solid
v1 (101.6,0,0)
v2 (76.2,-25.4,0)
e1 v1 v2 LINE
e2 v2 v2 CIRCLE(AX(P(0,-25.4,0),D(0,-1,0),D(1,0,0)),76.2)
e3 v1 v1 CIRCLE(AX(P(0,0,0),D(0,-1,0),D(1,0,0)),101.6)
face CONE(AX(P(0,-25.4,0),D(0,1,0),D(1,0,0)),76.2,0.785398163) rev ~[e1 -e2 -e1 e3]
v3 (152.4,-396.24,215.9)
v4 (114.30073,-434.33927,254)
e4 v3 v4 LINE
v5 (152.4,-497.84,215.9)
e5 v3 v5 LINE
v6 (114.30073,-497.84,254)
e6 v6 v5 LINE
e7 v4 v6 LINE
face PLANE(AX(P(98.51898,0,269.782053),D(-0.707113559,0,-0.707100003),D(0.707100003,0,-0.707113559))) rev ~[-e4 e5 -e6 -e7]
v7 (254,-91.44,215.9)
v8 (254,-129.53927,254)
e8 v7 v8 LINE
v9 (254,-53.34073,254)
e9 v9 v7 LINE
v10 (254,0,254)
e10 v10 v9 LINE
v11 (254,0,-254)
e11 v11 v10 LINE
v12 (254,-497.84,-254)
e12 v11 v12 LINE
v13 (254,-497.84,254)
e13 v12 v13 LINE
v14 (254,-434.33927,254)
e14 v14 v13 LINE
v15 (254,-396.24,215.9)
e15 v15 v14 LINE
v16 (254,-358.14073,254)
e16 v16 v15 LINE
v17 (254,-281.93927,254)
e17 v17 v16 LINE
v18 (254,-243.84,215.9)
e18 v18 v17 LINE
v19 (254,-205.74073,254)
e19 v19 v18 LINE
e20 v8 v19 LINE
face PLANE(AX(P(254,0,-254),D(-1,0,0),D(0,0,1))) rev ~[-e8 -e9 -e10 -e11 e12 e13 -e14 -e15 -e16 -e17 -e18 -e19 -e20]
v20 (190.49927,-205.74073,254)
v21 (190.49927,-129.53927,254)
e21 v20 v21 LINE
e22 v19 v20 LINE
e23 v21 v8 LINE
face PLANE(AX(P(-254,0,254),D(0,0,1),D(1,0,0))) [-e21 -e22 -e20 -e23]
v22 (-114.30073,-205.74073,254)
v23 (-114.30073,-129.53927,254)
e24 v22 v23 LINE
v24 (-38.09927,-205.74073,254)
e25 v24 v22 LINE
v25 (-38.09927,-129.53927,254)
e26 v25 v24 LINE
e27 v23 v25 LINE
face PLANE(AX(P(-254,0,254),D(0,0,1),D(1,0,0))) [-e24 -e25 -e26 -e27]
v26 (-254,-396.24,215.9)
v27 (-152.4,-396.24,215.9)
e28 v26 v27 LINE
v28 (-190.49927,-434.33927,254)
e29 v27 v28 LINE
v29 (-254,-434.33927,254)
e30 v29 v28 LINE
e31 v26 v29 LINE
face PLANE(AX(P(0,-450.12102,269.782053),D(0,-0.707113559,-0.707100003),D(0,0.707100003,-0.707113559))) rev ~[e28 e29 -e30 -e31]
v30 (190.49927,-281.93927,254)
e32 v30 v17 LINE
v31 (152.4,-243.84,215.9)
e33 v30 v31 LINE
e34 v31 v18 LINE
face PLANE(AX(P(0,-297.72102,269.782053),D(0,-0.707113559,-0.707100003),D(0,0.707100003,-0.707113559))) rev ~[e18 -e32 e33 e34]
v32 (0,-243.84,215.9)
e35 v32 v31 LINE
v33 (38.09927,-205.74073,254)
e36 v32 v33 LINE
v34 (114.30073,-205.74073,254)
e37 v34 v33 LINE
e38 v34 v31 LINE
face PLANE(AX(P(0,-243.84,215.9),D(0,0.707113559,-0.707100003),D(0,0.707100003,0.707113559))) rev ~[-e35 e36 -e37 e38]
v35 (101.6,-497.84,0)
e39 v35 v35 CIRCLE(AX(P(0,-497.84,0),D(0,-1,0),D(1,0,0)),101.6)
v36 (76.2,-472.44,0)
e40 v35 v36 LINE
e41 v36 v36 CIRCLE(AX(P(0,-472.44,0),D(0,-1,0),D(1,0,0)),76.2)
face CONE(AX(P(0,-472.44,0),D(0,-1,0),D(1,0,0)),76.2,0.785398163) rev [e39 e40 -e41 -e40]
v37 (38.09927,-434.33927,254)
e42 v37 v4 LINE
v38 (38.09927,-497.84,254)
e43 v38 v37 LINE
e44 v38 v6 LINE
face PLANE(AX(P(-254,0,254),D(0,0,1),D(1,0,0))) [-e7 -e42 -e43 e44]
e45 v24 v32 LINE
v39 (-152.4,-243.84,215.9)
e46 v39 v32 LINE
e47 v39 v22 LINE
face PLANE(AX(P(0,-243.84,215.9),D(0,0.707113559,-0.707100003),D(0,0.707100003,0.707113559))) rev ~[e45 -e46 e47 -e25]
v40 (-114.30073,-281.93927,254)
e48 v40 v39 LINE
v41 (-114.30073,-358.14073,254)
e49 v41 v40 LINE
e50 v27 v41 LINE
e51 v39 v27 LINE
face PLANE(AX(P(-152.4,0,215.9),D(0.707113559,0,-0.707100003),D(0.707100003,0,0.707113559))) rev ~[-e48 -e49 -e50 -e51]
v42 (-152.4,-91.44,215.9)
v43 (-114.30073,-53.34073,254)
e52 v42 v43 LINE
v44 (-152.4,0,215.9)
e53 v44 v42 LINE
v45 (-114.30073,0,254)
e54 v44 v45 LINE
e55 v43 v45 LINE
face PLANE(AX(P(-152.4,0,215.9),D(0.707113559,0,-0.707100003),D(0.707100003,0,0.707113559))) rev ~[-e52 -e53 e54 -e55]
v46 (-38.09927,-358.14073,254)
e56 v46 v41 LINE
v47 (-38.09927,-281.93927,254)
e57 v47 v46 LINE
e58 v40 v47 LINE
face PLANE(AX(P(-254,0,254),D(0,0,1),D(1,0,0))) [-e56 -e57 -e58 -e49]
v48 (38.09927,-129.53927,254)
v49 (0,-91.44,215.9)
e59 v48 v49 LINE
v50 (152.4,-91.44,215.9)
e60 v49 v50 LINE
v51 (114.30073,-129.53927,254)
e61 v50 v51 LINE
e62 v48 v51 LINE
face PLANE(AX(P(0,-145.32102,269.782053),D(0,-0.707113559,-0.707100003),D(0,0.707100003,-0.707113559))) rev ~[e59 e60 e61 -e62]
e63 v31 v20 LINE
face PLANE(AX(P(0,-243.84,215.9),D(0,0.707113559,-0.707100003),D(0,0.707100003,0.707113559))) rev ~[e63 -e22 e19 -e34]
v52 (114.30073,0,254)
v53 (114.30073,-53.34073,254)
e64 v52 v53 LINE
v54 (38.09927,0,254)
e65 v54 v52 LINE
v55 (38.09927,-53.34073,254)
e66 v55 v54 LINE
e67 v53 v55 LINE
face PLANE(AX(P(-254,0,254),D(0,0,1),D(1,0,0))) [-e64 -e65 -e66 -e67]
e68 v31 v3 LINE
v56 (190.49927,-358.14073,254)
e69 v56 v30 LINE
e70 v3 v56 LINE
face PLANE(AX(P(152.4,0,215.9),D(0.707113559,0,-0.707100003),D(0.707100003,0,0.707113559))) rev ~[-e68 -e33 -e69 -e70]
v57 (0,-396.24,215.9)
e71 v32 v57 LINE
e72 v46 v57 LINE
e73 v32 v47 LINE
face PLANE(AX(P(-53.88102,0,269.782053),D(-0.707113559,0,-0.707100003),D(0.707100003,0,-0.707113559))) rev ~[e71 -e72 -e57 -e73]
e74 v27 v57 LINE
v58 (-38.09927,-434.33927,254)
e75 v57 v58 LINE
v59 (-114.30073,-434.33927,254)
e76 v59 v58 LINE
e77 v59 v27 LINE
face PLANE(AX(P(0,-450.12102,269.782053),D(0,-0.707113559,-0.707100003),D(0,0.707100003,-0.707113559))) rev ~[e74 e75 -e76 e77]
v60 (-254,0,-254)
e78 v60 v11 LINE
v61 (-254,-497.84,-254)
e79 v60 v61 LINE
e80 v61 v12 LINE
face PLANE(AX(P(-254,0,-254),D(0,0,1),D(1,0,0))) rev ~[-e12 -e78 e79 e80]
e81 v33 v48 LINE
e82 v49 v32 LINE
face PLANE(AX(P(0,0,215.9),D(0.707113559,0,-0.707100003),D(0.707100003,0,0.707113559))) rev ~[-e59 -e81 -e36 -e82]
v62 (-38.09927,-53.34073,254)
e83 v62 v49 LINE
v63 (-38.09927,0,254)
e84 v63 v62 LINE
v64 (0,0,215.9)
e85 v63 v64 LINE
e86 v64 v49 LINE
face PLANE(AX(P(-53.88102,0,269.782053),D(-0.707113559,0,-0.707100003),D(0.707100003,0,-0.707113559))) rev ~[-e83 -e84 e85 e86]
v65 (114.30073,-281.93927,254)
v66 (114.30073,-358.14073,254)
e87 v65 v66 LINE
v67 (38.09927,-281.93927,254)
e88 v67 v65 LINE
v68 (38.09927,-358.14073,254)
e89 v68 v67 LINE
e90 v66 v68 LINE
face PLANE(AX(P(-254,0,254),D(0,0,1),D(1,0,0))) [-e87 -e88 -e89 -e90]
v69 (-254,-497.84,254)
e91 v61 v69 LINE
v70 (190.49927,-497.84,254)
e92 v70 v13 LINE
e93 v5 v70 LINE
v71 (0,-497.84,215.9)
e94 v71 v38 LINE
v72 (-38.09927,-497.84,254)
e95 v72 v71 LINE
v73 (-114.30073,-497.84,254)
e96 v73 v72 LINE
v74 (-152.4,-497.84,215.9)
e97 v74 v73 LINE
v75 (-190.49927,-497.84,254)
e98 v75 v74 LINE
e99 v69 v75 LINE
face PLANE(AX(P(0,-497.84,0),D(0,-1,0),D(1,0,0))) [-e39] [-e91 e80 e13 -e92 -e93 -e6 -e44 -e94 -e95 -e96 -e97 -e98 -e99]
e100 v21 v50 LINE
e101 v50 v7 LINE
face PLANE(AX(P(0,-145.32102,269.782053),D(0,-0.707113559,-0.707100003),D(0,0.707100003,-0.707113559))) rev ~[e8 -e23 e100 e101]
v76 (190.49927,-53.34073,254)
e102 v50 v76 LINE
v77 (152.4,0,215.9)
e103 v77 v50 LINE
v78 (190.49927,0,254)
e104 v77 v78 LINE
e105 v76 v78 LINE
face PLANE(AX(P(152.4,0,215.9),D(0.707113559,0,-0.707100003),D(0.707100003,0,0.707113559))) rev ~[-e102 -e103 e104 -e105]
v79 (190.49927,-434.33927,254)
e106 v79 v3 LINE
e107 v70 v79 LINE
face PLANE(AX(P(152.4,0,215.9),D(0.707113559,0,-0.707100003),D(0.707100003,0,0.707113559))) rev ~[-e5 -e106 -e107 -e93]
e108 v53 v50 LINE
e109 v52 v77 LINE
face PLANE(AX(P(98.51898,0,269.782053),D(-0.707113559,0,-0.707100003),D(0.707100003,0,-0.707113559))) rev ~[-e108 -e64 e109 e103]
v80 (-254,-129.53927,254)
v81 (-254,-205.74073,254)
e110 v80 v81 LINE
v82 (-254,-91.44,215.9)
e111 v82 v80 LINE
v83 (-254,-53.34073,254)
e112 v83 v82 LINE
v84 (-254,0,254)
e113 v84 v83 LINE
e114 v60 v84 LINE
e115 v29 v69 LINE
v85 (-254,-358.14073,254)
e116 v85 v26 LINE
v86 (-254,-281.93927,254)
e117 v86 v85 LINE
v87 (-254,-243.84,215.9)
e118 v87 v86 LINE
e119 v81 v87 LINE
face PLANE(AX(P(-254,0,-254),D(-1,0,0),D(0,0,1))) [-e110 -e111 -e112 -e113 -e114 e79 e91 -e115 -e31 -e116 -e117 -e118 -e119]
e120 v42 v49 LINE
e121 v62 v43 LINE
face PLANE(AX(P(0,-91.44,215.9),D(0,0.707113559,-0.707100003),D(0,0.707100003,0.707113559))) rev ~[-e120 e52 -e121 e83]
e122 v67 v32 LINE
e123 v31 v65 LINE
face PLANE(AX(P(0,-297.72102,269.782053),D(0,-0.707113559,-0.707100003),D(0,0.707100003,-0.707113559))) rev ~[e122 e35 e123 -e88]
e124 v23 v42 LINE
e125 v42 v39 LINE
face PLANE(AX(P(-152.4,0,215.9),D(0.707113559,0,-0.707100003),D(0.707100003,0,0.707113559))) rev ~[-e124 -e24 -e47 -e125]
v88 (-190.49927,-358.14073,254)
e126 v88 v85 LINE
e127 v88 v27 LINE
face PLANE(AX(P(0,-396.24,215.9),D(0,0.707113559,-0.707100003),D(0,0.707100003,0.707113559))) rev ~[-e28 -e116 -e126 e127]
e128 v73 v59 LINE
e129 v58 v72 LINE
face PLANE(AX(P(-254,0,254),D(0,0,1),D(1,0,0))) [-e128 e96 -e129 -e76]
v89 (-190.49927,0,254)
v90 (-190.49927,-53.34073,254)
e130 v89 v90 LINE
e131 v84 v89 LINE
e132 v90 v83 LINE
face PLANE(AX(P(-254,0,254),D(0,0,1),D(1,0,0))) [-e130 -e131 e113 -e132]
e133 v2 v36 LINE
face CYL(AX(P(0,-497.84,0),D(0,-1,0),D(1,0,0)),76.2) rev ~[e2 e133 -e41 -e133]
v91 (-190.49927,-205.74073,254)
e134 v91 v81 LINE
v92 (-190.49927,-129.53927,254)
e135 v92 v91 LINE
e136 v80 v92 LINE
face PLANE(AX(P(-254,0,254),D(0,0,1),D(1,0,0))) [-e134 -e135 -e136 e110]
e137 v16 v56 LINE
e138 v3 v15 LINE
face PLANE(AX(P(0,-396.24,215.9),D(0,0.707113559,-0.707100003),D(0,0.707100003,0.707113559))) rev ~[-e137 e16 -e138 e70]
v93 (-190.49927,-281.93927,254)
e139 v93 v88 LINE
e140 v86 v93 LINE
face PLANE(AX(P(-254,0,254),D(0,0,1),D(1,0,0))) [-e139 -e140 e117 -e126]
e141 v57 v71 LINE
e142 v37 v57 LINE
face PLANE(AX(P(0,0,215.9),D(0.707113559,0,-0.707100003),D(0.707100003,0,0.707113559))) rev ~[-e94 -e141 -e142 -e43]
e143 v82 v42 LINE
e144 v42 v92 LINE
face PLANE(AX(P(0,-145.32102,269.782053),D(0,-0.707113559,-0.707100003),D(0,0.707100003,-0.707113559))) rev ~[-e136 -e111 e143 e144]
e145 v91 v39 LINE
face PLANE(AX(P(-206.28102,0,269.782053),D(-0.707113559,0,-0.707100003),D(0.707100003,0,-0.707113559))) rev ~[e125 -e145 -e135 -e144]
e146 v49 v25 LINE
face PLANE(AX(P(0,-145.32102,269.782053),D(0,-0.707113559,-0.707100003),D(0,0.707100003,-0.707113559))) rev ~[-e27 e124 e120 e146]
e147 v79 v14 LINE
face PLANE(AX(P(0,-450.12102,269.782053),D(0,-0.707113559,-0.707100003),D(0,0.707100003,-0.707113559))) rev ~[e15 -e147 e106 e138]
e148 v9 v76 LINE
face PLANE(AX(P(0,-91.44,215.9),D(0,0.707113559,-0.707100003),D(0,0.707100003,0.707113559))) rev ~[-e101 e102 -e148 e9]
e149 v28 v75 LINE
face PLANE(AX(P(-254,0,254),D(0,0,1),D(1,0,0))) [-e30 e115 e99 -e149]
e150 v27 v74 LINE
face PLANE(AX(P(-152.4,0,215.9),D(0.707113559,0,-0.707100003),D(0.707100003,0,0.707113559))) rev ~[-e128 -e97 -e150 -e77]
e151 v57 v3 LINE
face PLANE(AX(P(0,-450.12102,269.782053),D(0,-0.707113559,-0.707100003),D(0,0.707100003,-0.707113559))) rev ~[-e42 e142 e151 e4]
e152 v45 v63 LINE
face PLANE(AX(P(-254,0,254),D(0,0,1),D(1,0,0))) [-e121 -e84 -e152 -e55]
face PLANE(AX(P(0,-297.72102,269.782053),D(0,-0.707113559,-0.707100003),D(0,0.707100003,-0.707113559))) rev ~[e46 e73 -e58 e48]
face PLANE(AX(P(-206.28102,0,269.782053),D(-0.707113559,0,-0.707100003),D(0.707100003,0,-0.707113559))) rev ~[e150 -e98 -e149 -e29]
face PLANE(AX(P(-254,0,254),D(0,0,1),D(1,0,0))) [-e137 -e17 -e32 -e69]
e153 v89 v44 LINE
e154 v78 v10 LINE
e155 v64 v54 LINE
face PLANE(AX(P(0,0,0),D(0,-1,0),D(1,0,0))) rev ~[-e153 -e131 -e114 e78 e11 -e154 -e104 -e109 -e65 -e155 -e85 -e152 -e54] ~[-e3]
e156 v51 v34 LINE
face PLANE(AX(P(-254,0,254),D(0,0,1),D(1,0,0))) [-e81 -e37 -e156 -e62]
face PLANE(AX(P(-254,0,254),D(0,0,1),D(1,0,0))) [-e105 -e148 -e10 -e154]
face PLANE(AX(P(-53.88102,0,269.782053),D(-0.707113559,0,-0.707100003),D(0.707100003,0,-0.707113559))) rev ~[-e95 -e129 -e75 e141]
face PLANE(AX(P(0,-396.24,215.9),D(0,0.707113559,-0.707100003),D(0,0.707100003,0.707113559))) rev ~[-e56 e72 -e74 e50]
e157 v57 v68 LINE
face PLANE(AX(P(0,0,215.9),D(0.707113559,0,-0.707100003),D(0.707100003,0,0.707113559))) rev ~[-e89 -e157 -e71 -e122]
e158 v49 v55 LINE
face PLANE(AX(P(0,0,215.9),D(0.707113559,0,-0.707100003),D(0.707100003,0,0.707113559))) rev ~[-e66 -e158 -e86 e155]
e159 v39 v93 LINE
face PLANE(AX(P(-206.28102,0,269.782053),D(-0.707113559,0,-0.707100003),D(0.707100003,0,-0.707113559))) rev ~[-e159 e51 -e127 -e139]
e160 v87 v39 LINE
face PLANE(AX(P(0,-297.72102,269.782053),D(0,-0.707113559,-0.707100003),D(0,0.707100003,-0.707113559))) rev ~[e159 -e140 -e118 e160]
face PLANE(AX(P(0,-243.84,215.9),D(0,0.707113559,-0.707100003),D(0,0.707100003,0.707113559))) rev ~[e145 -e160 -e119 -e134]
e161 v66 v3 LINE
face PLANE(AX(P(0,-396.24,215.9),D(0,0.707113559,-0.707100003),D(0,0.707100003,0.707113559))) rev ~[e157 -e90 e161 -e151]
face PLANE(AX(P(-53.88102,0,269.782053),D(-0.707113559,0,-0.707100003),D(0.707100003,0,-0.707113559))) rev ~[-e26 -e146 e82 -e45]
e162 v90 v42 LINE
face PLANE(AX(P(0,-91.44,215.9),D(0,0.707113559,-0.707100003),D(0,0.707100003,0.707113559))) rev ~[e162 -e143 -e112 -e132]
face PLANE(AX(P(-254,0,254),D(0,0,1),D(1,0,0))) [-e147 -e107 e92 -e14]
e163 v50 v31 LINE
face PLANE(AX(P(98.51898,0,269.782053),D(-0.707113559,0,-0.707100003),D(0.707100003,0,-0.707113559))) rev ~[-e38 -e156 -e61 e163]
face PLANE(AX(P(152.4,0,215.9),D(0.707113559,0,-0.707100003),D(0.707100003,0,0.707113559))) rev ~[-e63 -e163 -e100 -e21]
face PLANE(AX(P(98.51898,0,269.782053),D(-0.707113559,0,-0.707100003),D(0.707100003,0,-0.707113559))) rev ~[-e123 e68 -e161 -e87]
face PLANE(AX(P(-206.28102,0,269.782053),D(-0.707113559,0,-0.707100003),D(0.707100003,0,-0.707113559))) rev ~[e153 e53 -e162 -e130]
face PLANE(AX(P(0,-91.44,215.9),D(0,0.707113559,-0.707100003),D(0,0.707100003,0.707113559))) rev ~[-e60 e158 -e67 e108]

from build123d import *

# Parameters (mm, degrees)
F0_W      = 508
F0_H      = 508
F1_DEPTH  = 497.84
F2_R      = 76.2
F3_DEPTH  = 678.243577
F4_SIZE   = 25.4
F6_DEPTH  = 635
F8_DEPTH  = 635
F10_DEPTH = 635
F12_DEPTH = 635
F14_DEPTH = 635
F16_DEPTH = 635


with BuildPart() as f1:
    # F0 (on Front) → F1 (new body)
    with BuildSketch(Plane.XZ):
        Rectangle(F0_W, F0_H)
    extrude(amount=F1_DEPTH)

    # F2 (on face) → F3 (cut, symmetric)
    with BuildSketch(Plane.XZ.offset(497.84)):
        Circle(F2_R)
    extrude(amount=F3_DEPTH, both=True, mode=Mode.SUBTRACT)

    # F4
    f4_edges = [f1.edges().sort_by_distance(p)[0] for p in [
        (-76.2, -497.84, 0),
        (-76.2, 0, 0),
    ]]
    chamfer(f4_edges, length=F4_SIZE)

    # F5 (on Front) → F6 (cut, symmetric)
    with BuildSketch(Plane.XZ):
        Polygon((-206.28102, 269.782053), (-152.4, 215.9), (-98.51898, 269.782053), align=None)
    extrude(amount=F6_DEPTH, both=True, mode=Mode.SUBTRACT)

    # F7 (on Front) → F8 (cut, symmetric)
    with BuildSketch(Plane.XZ):
        Polygon((-53.88102, 269.782053), (0, 215.9), (53.88102, 269.782053), align=None)
    extrude(amount=F8_DEPTH, both=True, mode=Mode.SUBTRACT)

    # F9 (on Front) → F10 (cut, symmetric)
    with BuildSketch(Plane.XZ):
        Polygon((98.51898, 269.782053), (152.4, 215.9), (206.28102, 269.782053), align=None)
    extrude(amount=F10_DEPTH, both=True, mode=Mode.SUBTRACT)

    # F11 (on Right) → F12 (cut, symmetric)
    with BuildSketch(Plane.YZ):
        Polygon((-145.32102, 269.782053), (-91.44, 215.9), (-37.55898, 269.782053), align=None)
    extrude(amount=F12_DEPTH, both=True, mode=Mode.SUBTRACT)

    # F13 (on Right) → F14 (cut, symmetric)
    with BuildSketch(Plane.YZ):
        Polygon((-297.72102, 269.782053), (-243.84, 215.9), (-189.95898, 269.782053), align=None)
    extrude(amount=F14_DEPTH, both=True, mode=Mode.SUBTRACT)

    # F15 (on Right) → F16 (cut, symmetric)
    with BuildSketch(Plane.YZ):
        Polygon((-450.12102, 269.782053), (-396.24, 215.9), (-342.35898, 269.782053), align=None)
    extrude(amount=F16_DEPTH, both=True, mode=Mode.SUBTRACT)


solid = f1.part
